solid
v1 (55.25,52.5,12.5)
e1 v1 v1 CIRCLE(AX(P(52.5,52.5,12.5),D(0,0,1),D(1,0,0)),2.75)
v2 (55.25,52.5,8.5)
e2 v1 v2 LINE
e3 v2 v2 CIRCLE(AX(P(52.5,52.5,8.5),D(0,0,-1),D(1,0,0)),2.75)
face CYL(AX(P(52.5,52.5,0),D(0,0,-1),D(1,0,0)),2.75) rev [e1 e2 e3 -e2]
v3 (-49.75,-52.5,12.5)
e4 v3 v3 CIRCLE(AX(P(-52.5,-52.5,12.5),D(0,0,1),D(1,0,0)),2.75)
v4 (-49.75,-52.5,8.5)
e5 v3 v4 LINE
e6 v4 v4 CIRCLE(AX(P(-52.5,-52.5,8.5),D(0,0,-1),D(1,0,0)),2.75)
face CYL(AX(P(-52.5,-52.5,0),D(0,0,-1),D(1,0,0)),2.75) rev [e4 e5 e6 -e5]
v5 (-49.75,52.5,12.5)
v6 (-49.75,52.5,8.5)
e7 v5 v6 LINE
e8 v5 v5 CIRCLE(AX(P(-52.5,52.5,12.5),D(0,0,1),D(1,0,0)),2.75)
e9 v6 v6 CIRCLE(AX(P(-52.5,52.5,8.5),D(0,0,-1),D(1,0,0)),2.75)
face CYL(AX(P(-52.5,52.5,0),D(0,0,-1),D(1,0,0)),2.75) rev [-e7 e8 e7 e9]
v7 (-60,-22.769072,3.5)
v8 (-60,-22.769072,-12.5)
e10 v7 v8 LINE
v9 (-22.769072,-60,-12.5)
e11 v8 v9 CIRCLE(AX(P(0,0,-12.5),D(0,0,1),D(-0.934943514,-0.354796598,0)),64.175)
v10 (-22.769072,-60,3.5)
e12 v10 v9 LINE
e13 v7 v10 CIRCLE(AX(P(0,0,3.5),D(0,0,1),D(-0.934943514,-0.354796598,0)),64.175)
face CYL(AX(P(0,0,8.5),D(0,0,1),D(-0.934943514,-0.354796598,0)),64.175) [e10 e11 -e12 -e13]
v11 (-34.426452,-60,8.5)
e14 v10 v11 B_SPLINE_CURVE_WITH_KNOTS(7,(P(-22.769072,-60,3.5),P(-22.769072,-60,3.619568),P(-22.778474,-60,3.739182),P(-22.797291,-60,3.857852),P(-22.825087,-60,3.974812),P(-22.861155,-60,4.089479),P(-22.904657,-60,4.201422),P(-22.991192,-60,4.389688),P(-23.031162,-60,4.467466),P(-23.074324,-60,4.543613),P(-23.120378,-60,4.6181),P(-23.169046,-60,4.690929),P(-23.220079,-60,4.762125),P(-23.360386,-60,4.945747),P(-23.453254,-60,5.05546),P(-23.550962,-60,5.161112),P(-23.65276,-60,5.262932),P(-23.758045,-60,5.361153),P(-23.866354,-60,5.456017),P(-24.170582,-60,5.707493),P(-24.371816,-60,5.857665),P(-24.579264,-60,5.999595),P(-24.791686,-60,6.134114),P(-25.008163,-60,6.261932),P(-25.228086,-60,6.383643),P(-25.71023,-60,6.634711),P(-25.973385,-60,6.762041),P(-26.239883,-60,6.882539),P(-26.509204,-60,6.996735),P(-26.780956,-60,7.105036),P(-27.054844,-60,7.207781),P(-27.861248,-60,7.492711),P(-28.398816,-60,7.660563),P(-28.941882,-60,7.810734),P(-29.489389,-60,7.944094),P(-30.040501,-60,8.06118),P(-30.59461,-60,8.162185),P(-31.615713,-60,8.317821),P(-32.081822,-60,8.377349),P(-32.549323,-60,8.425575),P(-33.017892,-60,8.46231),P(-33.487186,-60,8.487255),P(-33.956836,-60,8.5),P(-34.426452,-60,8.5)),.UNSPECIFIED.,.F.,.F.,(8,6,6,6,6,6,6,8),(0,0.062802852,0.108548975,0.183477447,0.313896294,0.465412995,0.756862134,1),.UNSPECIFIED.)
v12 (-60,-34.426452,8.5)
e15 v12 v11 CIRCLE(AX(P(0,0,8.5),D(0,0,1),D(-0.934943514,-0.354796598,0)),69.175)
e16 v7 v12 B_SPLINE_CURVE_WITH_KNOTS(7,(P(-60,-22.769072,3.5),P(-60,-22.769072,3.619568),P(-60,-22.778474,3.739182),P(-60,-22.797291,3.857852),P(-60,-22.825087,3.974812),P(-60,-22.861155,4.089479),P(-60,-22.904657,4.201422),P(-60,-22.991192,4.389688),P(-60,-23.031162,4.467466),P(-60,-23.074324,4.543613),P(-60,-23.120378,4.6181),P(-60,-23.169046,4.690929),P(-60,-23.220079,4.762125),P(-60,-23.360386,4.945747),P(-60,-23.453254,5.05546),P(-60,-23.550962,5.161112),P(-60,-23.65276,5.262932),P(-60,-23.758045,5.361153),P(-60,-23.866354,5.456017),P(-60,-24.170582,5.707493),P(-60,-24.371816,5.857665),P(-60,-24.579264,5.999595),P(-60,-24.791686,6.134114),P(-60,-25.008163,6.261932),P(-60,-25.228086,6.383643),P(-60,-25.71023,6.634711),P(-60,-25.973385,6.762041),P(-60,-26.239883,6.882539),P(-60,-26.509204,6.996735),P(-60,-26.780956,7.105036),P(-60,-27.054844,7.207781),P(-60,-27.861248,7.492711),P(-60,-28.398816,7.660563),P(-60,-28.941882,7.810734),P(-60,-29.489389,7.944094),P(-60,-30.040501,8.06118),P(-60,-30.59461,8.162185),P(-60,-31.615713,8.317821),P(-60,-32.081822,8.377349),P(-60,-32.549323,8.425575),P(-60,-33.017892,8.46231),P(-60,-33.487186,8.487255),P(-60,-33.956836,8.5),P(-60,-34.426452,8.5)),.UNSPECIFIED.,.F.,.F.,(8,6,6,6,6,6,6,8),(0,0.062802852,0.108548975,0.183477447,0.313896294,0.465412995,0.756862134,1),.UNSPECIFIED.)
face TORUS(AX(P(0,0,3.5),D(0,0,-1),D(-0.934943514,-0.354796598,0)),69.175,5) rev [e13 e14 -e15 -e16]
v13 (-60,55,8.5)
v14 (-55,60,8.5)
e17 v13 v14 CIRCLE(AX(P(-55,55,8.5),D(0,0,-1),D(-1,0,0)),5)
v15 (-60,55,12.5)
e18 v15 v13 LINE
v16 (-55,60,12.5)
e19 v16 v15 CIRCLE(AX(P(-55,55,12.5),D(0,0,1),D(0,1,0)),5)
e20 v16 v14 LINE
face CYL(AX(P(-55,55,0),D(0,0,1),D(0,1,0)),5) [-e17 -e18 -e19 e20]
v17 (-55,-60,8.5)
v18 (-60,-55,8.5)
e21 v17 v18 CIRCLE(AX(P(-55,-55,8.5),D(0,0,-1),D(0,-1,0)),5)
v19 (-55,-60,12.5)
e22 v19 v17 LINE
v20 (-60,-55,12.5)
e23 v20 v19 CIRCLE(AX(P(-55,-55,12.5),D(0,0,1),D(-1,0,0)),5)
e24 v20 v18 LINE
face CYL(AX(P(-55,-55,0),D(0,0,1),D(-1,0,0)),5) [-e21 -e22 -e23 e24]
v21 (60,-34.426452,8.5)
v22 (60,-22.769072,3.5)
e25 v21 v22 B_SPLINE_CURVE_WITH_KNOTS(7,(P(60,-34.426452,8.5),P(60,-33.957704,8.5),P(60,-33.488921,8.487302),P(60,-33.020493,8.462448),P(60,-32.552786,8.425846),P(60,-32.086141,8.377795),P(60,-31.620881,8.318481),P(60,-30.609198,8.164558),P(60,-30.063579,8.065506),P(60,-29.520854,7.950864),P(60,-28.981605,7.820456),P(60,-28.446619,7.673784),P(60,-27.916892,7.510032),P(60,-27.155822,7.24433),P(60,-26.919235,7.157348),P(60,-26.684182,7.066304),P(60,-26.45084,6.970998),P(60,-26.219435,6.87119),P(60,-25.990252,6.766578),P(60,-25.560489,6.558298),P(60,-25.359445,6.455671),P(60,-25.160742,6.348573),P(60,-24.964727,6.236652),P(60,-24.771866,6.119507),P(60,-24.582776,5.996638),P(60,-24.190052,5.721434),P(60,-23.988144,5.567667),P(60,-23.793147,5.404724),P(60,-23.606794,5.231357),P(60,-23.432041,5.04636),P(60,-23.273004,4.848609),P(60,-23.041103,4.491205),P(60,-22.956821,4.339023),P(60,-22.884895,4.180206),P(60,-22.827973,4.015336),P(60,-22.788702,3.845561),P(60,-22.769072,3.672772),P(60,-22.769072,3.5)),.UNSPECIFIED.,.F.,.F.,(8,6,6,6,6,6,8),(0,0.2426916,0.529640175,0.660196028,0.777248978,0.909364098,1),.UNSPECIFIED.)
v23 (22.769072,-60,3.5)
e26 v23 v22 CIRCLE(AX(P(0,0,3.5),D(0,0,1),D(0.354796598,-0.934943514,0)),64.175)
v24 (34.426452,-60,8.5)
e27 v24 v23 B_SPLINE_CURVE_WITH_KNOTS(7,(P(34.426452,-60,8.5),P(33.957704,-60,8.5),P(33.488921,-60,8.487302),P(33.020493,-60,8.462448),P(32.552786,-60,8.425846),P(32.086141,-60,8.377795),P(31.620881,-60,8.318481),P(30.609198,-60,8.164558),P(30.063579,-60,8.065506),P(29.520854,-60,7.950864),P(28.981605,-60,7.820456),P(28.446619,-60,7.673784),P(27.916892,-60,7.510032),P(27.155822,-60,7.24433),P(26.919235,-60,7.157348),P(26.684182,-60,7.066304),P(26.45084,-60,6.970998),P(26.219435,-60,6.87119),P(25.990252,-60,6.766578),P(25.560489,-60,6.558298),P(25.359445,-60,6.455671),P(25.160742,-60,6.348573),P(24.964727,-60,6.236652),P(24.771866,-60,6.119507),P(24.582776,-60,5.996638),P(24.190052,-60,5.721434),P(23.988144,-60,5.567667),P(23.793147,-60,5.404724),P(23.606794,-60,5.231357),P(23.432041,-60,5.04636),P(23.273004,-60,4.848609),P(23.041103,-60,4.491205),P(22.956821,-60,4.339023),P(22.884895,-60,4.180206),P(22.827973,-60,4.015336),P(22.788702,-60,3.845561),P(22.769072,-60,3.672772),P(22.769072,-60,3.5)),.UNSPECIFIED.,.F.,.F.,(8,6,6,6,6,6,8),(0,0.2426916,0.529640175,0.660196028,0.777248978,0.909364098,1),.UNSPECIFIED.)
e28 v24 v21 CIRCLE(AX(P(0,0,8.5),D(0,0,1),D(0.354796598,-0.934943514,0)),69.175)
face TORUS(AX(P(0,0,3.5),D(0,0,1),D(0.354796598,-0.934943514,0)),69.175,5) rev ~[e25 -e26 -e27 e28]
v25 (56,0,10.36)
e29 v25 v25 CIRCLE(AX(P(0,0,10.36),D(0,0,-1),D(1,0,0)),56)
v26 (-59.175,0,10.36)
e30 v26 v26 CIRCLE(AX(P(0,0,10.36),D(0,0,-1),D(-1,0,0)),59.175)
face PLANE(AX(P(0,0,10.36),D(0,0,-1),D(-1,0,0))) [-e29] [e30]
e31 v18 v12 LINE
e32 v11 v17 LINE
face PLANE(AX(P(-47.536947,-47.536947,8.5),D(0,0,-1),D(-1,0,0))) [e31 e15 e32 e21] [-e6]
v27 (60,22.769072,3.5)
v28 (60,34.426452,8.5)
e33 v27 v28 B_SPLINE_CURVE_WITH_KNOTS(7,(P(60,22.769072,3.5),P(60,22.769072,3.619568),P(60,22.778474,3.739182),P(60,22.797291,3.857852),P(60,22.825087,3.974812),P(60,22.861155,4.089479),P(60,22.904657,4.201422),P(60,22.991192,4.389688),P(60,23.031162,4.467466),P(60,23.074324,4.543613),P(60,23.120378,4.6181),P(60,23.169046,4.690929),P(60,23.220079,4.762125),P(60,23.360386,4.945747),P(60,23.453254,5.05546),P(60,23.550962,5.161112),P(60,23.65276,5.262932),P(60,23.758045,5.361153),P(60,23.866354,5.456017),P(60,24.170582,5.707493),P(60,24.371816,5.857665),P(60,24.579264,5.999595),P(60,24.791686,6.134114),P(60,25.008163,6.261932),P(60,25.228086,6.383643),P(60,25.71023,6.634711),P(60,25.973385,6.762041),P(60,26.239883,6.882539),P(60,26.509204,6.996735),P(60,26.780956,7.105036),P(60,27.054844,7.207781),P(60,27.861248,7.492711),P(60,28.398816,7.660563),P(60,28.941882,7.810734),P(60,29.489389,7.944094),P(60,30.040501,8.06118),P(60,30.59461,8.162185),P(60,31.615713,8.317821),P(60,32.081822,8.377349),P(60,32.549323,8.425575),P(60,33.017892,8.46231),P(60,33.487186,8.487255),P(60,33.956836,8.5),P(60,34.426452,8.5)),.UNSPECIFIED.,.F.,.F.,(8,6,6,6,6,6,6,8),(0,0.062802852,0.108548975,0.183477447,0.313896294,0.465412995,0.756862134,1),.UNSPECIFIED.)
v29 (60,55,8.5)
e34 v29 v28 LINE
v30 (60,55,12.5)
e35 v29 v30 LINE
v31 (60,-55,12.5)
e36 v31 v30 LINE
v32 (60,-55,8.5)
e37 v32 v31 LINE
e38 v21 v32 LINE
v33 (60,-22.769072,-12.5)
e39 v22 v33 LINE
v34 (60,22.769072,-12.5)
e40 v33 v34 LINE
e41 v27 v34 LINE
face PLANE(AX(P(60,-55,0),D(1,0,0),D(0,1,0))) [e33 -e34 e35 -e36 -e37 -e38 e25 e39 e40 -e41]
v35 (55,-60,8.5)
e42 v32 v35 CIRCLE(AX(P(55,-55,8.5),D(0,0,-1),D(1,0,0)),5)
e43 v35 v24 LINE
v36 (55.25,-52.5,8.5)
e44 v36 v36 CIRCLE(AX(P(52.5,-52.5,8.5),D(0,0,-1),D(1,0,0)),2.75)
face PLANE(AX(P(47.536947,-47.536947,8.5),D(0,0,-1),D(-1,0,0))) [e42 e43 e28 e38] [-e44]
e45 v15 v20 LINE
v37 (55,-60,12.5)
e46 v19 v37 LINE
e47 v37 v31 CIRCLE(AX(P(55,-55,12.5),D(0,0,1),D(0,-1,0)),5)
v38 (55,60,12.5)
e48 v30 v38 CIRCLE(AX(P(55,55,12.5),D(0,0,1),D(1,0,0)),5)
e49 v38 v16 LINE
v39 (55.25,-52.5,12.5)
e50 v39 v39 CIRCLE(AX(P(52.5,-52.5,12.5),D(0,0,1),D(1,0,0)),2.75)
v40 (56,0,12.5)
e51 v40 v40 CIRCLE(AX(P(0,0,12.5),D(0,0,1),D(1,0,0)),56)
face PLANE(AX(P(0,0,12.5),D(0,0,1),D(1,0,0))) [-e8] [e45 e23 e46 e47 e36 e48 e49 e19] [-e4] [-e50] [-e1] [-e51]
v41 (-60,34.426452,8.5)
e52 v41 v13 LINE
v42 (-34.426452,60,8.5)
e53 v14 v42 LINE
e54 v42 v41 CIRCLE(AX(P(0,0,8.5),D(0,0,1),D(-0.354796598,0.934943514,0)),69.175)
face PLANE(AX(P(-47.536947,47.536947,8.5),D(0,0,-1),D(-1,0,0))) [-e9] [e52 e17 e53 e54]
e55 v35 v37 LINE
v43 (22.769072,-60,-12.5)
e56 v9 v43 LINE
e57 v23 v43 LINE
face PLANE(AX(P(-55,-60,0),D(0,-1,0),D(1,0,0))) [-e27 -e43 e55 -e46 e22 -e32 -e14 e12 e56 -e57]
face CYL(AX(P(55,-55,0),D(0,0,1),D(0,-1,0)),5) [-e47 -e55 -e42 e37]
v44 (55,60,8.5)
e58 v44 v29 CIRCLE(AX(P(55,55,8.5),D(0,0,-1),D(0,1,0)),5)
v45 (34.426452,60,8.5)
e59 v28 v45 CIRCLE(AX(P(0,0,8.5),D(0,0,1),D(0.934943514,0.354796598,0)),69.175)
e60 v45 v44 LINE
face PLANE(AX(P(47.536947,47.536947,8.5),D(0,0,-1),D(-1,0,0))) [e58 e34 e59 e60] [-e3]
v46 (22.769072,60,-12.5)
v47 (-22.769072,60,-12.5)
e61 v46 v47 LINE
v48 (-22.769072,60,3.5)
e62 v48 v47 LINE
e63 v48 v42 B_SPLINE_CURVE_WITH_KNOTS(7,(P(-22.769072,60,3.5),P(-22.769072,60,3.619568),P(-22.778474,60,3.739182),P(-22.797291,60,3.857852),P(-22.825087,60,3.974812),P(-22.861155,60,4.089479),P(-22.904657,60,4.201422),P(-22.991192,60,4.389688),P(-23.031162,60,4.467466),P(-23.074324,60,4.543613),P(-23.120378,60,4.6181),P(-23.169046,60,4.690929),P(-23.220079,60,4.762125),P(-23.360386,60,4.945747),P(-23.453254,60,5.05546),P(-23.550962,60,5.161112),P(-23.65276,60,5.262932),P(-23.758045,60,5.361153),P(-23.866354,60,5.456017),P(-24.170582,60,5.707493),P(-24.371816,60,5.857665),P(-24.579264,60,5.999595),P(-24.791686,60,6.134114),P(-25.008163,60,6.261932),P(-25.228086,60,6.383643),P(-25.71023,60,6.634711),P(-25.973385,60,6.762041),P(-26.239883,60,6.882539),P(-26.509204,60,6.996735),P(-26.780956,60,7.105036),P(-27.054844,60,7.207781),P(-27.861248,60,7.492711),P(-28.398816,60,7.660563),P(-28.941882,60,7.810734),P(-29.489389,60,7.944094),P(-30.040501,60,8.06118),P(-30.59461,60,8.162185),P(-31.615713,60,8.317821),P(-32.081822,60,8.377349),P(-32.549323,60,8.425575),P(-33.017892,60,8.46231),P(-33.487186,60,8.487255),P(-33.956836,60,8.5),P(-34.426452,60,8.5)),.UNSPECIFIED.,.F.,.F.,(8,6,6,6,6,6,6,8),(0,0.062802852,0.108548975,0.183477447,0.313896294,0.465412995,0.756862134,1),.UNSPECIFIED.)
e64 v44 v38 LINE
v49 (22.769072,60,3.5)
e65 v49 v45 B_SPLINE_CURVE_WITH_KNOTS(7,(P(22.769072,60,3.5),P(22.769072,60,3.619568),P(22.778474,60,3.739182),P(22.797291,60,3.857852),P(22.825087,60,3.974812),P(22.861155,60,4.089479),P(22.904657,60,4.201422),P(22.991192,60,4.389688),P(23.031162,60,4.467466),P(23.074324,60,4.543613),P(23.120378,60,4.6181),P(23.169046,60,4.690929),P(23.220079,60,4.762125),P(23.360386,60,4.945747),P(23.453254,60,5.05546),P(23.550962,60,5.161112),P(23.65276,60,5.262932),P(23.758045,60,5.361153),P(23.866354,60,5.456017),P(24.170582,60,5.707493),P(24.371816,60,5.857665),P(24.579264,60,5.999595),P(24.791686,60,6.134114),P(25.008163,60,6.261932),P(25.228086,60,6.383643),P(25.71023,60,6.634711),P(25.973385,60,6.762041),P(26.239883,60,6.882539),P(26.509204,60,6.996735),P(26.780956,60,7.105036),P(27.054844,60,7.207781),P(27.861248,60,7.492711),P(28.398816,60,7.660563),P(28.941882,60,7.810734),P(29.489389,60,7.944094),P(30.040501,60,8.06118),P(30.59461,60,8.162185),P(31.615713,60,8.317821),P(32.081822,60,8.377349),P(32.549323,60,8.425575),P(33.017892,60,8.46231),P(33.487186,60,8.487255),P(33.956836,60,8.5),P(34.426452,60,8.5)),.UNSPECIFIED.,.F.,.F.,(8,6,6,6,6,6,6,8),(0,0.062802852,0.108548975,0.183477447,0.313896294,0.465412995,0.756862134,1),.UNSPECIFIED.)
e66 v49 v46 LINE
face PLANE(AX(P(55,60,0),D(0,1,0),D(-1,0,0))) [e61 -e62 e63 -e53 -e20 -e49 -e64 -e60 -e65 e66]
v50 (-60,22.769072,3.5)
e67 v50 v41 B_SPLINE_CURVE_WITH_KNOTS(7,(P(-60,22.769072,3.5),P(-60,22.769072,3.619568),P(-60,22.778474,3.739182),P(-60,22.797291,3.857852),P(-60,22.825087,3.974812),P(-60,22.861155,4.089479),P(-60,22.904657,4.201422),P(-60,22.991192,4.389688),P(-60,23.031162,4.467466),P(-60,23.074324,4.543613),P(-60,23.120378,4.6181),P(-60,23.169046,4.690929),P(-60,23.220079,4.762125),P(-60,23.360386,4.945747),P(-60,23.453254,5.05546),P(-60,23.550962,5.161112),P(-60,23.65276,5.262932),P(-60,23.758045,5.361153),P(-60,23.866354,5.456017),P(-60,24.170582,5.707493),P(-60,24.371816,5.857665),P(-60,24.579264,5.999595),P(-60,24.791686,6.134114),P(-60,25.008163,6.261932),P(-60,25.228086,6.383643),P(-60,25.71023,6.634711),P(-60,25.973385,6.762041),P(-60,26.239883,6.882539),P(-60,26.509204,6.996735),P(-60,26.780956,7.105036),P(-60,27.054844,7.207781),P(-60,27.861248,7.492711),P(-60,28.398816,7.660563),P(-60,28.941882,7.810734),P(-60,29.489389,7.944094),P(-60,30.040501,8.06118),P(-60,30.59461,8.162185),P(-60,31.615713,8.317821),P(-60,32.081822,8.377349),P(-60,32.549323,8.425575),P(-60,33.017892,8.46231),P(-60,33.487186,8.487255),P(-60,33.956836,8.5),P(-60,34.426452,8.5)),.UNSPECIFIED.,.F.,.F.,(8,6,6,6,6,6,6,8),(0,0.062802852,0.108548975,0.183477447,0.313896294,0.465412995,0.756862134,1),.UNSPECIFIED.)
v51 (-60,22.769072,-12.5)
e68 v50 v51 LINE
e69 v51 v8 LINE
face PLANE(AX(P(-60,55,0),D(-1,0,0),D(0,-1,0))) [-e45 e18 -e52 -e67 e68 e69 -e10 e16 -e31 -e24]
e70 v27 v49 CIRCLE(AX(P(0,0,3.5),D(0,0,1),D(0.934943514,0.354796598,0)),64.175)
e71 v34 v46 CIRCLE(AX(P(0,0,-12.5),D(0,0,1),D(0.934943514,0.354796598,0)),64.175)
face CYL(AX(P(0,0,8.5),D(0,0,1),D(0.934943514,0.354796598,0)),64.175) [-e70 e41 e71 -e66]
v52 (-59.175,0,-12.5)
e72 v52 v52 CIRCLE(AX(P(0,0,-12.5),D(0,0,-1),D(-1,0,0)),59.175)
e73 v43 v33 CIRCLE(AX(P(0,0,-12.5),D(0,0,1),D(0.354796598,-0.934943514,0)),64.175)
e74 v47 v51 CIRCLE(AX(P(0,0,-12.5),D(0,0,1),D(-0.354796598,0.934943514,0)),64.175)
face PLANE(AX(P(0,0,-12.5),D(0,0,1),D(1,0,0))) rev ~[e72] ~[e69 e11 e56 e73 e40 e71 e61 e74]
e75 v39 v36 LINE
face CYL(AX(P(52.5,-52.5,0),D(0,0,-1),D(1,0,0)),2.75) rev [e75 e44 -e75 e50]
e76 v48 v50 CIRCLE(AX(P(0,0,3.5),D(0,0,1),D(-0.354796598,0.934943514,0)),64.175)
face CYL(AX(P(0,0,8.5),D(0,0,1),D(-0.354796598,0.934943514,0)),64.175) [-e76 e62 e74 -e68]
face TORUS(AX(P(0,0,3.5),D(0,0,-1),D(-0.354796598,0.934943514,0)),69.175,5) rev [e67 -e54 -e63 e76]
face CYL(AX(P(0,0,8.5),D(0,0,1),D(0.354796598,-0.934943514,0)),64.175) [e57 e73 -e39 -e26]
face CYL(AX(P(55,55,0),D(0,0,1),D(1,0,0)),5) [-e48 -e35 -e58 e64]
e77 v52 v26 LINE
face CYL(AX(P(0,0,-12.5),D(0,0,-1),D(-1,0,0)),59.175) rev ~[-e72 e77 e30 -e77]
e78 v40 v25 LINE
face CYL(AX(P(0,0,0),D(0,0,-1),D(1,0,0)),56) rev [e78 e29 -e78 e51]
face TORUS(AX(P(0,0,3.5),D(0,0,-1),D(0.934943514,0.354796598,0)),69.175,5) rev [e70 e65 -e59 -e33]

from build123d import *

# Parameters (mm, degrees)
SKETCH1_R           = 56
SKETCH1_R_2         = 2.75
BOSS_EXTRUDE1_DEPTH = 12.5
SKETCH2_R           = 59.175
SKETCH2_R_2         = 56
CUT_EXTRUDE1_DEPTH  = 22.86
CUT_EXTRUDE2_START  = -21
CUT_EXTRUDE2_DEPTH  = 21
FILLET1_R           = 5


with BuildPart() as part:
    # Sketch1 → Boss-Extrude1 (new, symmetric)
    with BuildSketch(Plane.XY):
        with BuildLine():
            Line((-55, -60), (55, -60))
            ThreePointArc((55, -60), (58.535533906, -58.535533906), (60, -55))
            Line((60, -55), (60, 55))
            ThreePointArc((60, 55), (58.535533906, 58.535533906), (55, 60))
            Line((55, 60), (-55, 60))
            ThreePointArc((-55, 60), (-58.535533906, 58.535533906), (-60, 55))
            Line((-60, 55), (-60, -55))
            ThreePointArc((-60, -55), (-58.535533906, -58.535533906), (-55, -60))
        make_face()
        Circle(SKETCH1_R, mode=Mode.SUBTRACT)
        with Locations((-52.5, 52.5)):
            Circle(SKETCH1_R_2, mode=Mode.SUBTRACT)
        with Locations((52.5, 52.5)):
            Circle(SKETCH1_R_2, mode=Mode.SUBTRACT)
        with Locations((52.5, -52.5)):
            Circle(SKETCH1_R_2, mode=Mode.SUBTRACT)
        with Locations((-52.5, -52.5)):
            Circle(SKETCH1_R_2, mode=Mode.SUBTRACT)
    extrude(amount=BOSS_EXTRUDE1_DEPTH, both=True)

    # Sketch2 → Cut-Extrude1 (cut)
    with BuildSketch(Plane(origin=(0, 0, -12.5), x_dir=(-1, 0, 0), z_dir=(0, 0, -1))):
        Circle(SKETCH2_R)
        Circle(SKETCH2_R_2, mode=Mode.SUBTRACT)
    extrude(amount=-CUT_EXTRUDE1_DEPTH, mode=Mode.SUBTRACT)

    # Sketch3 → Cut-Extrude2 (cut)
    with BuildSketch(Plane(origin=(0, 0, -12.5), x_dir=(-1, 0, 0), z_dir=(0, 0, -1)).offset(CUT_EXTRUDE2_START)):
        with BuildLine():
            Line((-60, -22.769071676), (-60, -55))
            ThreePointArc((-60, -55), (-58.535533906, -58.535533906), (-55, -60))
            Line((-55, -60), (-22.769071676, -60))
            ThreePointArc((-22.769071676, -60), (-45.378577683, -45.378577683), (-60, -22.769071676))
        make_face()
        with BuildLine():
            Line((-22.769071676, 60), (-55, 60))
            ThreePointArc((-55, 60), (-58.535533906, 58.535533906), (-60, 55))
            Line((-60, 55), (-60, 22.769071676))
            ThreePointArc((-60, 22.769071676), (-45.378577683, 45.378577683), (-22.769071676, 60))
        make_face()
        with BuildLine():
            Line((60, 22.769071676), (60, 55))
            ThreePointArc((60, 55), (58.535533906, 58.535533906), (55, 60))
            Line((55, 60), (22.769071676, 60))
            ThreePointArc((22.769071676, 60), (45.378577683, 45.378577683), (60, 22.769071676))
        make_face()
        with BuildLine():
            Line((22.769071676, -60), (55, -60))
            ThreePointArc((55, -60), (58.535533906, -58.535533906), (60, -55))
            Line((60, -55), (60, -22.769071676))
            ThreePointArc((60, -22.769071676), (45.378577683, -45.378577683), (22.769071676, -60))
        make_face()
    extrude(amount=CUT_EXTRUDE2_DEPTH, mode=Mode.SUBTRACT)

    # Fillet1
    fillet1_edges = [part.edges().sort_by_distance(p)[0] for p in [
        (-45.378577683, -45.378577683, 8.5),
        (45.378577683, 45.378577683, 8.5),
        (45.378577683, -45.378577683, 8.5),
        (-45.378577683, 45.378577683, 8.5),
    ]]
    fillet(fillet1_edges, radius=FILLET1_R)


solid = part.part
